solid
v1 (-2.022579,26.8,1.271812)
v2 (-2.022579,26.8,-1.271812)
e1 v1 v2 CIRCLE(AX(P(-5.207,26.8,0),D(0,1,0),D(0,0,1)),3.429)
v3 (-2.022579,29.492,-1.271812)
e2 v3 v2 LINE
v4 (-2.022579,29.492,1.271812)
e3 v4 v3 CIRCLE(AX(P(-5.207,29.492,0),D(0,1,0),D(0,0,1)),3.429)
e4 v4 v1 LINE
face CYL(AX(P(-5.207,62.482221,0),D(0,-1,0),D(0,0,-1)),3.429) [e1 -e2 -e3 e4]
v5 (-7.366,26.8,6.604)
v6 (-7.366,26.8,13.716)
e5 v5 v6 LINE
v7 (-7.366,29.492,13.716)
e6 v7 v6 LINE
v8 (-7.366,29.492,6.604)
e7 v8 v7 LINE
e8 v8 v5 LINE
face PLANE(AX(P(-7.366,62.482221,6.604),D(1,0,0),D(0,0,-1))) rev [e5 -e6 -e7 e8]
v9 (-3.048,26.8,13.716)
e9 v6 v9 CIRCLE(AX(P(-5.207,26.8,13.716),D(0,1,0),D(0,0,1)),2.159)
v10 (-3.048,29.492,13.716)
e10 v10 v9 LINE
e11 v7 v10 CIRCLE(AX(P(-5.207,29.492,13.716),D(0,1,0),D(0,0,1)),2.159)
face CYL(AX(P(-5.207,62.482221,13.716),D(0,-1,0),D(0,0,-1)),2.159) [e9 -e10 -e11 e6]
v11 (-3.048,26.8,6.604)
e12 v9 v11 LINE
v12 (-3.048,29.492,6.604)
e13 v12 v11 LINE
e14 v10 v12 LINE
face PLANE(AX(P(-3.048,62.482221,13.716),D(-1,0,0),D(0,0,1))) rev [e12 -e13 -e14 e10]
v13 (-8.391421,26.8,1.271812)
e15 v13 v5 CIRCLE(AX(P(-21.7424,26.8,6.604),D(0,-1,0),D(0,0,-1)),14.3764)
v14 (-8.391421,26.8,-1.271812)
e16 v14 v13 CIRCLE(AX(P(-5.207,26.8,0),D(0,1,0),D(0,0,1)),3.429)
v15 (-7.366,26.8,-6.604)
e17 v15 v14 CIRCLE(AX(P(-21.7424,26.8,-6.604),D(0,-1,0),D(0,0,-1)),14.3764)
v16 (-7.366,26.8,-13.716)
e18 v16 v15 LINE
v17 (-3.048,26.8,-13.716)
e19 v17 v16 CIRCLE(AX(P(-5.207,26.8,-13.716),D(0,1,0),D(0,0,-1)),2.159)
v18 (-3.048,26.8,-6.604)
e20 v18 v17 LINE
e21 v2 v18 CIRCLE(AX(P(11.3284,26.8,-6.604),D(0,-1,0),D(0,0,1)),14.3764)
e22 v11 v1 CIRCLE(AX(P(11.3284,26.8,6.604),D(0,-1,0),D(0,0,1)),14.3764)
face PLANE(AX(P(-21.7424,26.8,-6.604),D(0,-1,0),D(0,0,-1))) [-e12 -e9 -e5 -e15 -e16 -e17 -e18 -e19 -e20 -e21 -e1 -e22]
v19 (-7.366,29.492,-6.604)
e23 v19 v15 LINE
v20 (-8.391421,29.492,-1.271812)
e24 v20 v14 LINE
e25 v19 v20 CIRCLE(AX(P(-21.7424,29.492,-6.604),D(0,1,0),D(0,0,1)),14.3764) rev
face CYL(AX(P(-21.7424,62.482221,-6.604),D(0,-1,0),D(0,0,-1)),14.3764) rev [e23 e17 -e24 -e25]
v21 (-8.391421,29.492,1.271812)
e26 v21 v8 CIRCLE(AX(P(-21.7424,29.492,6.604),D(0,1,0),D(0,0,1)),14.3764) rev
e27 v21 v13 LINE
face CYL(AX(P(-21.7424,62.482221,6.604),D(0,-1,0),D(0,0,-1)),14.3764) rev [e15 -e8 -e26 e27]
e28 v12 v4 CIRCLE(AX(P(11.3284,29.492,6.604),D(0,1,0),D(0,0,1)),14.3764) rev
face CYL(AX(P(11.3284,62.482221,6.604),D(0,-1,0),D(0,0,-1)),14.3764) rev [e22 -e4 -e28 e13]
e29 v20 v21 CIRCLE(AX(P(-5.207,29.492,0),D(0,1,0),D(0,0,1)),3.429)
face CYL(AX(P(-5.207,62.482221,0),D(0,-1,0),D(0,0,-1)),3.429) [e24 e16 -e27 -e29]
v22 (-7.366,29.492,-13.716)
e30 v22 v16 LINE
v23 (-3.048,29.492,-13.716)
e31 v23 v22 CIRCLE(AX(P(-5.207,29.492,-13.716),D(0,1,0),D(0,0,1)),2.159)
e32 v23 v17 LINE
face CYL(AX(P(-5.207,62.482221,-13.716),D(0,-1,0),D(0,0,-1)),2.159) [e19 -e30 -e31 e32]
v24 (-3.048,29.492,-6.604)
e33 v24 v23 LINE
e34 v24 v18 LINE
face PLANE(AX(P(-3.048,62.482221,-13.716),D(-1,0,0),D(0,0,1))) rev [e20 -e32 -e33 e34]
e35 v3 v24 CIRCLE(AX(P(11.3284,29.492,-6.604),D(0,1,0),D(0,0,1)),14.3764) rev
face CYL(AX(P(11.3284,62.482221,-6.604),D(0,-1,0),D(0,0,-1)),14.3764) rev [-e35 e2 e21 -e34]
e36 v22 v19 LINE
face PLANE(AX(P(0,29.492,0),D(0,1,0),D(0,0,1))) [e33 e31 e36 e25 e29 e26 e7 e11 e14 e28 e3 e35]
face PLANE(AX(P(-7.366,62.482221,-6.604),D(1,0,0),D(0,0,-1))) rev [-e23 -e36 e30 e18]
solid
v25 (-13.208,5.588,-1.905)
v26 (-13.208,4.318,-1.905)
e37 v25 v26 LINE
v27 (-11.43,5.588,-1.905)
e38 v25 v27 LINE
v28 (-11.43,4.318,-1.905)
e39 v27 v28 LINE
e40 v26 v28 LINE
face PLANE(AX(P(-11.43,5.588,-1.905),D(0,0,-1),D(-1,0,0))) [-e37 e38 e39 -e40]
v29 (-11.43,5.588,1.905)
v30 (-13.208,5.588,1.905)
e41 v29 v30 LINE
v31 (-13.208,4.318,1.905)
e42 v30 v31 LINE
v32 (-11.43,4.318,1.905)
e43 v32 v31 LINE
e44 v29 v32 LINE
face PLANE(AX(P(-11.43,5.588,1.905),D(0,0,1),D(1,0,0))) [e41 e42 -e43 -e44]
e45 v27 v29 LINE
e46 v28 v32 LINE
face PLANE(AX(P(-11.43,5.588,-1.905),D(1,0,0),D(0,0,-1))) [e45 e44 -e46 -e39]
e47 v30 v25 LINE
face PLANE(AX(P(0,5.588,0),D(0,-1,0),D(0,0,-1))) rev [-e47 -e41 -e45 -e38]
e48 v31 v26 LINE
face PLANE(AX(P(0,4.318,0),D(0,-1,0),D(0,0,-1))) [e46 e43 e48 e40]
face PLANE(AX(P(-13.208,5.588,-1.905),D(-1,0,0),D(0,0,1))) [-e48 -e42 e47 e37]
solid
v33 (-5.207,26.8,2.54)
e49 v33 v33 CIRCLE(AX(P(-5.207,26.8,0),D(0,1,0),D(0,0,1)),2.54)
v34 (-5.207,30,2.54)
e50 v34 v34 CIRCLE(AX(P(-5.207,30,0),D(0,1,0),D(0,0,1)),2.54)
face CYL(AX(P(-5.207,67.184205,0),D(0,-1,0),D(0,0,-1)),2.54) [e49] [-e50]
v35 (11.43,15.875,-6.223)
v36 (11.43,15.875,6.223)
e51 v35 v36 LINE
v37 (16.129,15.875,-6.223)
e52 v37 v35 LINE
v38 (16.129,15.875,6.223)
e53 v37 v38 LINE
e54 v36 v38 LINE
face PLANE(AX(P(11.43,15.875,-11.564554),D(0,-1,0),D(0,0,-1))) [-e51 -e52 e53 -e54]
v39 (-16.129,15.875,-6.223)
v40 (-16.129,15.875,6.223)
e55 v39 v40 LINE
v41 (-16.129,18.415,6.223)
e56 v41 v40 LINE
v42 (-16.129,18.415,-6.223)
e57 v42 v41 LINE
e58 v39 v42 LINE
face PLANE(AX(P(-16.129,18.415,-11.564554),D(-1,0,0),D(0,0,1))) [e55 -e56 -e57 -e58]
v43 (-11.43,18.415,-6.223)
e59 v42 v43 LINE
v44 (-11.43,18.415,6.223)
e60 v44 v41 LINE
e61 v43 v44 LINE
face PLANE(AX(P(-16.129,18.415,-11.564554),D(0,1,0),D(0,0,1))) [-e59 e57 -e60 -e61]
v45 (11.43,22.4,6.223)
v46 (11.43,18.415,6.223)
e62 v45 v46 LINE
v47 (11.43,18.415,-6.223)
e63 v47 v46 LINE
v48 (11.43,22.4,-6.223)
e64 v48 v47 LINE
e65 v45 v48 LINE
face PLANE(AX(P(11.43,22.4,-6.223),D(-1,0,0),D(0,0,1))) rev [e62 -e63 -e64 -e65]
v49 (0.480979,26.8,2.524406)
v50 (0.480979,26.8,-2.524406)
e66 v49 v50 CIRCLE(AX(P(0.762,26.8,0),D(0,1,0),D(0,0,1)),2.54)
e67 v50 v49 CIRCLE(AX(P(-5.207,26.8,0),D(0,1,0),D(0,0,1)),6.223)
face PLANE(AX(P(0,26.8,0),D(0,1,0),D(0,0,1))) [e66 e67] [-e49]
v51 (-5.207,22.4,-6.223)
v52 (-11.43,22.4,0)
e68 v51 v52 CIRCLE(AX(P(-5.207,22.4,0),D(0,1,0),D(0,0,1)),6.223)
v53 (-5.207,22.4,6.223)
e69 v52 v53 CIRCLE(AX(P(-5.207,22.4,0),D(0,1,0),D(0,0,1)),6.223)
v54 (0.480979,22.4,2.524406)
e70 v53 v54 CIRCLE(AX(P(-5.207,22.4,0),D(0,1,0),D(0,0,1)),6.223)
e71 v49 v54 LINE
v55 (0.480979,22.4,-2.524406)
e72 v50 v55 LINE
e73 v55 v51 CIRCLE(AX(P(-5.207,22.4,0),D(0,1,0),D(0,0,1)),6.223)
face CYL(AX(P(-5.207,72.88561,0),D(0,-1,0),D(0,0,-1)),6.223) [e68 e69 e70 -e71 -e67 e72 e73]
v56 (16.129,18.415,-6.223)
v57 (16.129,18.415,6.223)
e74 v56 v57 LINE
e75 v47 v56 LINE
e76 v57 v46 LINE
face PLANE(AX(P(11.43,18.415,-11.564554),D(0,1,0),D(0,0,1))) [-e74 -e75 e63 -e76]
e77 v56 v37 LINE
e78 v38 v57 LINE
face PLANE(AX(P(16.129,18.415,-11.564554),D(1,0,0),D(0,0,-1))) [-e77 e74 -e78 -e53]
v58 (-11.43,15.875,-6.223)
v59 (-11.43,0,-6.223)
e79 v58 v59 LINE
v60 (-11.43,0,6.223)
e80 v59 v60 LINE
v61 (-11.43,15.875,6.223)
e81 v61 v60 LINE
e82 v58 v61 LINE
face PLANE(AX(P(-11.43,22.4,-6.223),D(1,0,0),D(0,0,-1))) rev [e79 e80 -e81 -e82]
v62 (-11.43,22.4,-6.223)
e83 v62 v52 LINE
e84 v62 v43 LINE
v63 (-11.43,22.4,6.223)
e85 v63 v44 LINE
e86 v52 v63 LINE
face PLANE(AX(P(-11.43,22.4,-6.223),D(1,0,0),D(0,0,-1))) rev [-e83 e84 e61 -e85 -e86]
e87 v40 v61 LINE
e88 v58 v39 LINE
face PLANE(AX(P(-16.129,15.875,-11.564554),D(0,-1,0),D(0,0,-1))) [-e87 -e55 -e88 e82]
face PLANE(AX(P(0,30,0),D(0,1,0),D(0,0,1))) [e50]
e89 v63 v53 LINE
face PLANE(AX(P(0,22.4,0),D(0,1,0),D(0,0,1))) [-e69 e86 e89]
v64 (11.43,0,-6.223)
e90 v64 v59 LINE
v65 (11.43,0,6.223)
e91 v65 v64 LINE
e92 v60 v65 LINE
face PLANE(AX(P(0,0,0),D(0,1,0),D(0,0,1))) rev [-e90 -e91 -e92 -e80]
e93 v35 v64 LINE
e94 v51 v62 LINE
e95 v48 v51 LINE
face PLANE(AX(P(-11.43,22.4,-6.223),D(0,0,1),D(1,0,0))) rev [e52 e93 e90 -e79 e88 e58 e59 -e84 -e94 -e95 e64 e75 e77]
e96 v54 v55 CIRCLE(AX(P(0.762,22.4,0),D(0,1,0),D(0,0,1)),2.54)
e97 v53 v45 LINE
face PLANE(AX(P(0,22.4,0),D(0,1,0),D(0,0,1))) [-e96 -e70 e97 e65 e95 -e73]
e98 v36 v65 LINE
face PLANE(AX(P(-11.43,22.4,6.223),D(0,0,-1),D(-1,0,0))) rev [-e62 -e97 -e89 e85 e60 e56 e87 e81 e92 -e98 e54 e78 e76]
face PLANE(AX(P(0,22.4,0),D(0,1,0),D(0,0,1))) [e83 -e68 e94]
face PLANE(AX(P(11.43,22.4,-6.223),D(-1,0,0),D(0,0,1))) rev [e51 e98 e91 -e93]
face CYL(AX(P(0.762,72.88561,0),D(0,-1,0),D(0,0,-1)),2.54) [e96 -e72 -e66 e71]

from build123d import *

# Parameters (mm, degrees)
SKETCH1_W           = 22.86
SKETCH1_H           = 12.446
BOSS_EXTRUDE1_DEPTH = 22.4
SKETCH3_W           = 4.699
SKETCH3_H           = 2.54
BOSS_EXTRUDE3_DEPTH = 12.446
BOSS_EXTRUDE4_DEPTH = 4.4
SKETCH5_R           = 2.54
BOSS_EXTRUDE5_DEPTH = 3.2
BOSS_EXTRUDE6_DEPTH = 2.692
BOSS_EXTRUDE7_START = -4.318
SKETCH7_W           = 1.778
SKETCH7_H           = 3.81
BOSS_EXTRUDE7_DEPTH = 1.27


with BuildPart() as part:
    # Sketch1 → Boss-Extrude1 (new body)
    with BuildSketch(Plane(origin=(0, 0, 0), x_dir=(1, 0, 0), z_dir=(0, 1, 0))):
        Rectangle(SKETCH1_W, SKETCH1_H)
    extrude(amount=BOSS_EXTRUDE1_DEPTH)

    # Sketch3 → Boss-Extrude3 (add)
    with BuildSketch(Plane.XY.offset(6.223)):
        with Locations((-13.7795, 17.145)):
            Rectangle(SKETCH3_W, SKETCH3_H)
        with Locations((13.7795, 17.145)):
            Rectangle(SKETCH3_W, SKETCH3_H)
    extrude(amount=-BOSS_EXTRUDE3_DEPTH)

    # Sketch4 → Boss-Extrude4 (add)
    with BuildSketch(Plane(origin=(0, 22.4, 0), x_dir=(1, 0, 0), z_dir=(0, 1, 0))):
        with BuildLine():
            ThreePointArc((0.480978723, 2.524406275), (-11.43, 0), (0.480978723, -2.524406275))
            ThreePointArc((0.480978723, -2.524406275), (3.302, 0), (0.480978723, 2.524406275))
        make_face()
    extrude(amount=BOSS_EXTRUDE4_DEPTH)

    # Sketch5 → Boss-Extrude5 (add)
    with BuildSketch(Plane(origin=(0, 26.8, 0), x_dir=(1, 0, 0), z_dir=(0, 1, 0))):
        with Locations((-5.207, 0)):
            Circle(SKETCH5_R)
    extrude(amount=BOSS_EXTRUDE5_DEPTH)


with BuildPart() as body_2:
    # Sketch6 → Boss-Extrude6 (new body)
    with BuildSketch(Plane(origin=(0, 26.8, 0), x_dir=(1, 0, 0), z_dir=(0, 1, 0))):
        with BuildLine():
            Line((-7.366, 6.604), (-7.366, 13.716))
            ThreePointArc((-7.366, 13.716), (-5.207, 15.875), (-3.048, 13.716))
            Line((-3.048, 13.716), (-3.048, 6.604))
            ThreePointArc((-3.048, 6.604), (-2.789317484, 3.88905433), (-2.022579173, 1.271811698))
            ThreePointArc((-2.022579173, 1.271811698), (-1.778, 0), (-2.022579173, -1.271811698))
            ThreePointArc((-2.022579173, -1.271811698), (-2.789317484, -3.88905433), (-3.048, -6.604))
            Line((-3.048, -6.604), (-3.048, -13.716))
            ThreePointArc((-3.048, -13.716), (-5.207, -15.875), (-7.366, -13.716))
            Line((-7.366, -13.716), (-7.366, -6.604))
            ThreePointArc((-7.366, -6.604), (-7.624682516, -3.88905433), (-8.391420827, -1.271811698))
            ThreePointArc((-8.391420827, -1.271811698), (-8.636, 0), (-8.391420827, 1.271811698))
            ThreePointArc((-8.391420827, 1.271811698), (-7.624682516, 3.88905433), (-7.366, 6.604))
        make_face()
    extrude(amount=BOSS_EXTRUDE6_DEPTH)


with BuildPart() as body_3:
    # Sketch7 → Boss-Extrude7 (new body)
    with BuildSketch(Plane.XZ.offset(BOSS_EXTRUDE7_START)):
        with Locations((-12.319, 0)):
            Rectangle(SKETCH7_W, SKETCH7_H)
    extrude(amount=-BOSS_EXTRUDE7_DEPTH)


solid = Compound([part.part, body_2.part, body_3.part])
